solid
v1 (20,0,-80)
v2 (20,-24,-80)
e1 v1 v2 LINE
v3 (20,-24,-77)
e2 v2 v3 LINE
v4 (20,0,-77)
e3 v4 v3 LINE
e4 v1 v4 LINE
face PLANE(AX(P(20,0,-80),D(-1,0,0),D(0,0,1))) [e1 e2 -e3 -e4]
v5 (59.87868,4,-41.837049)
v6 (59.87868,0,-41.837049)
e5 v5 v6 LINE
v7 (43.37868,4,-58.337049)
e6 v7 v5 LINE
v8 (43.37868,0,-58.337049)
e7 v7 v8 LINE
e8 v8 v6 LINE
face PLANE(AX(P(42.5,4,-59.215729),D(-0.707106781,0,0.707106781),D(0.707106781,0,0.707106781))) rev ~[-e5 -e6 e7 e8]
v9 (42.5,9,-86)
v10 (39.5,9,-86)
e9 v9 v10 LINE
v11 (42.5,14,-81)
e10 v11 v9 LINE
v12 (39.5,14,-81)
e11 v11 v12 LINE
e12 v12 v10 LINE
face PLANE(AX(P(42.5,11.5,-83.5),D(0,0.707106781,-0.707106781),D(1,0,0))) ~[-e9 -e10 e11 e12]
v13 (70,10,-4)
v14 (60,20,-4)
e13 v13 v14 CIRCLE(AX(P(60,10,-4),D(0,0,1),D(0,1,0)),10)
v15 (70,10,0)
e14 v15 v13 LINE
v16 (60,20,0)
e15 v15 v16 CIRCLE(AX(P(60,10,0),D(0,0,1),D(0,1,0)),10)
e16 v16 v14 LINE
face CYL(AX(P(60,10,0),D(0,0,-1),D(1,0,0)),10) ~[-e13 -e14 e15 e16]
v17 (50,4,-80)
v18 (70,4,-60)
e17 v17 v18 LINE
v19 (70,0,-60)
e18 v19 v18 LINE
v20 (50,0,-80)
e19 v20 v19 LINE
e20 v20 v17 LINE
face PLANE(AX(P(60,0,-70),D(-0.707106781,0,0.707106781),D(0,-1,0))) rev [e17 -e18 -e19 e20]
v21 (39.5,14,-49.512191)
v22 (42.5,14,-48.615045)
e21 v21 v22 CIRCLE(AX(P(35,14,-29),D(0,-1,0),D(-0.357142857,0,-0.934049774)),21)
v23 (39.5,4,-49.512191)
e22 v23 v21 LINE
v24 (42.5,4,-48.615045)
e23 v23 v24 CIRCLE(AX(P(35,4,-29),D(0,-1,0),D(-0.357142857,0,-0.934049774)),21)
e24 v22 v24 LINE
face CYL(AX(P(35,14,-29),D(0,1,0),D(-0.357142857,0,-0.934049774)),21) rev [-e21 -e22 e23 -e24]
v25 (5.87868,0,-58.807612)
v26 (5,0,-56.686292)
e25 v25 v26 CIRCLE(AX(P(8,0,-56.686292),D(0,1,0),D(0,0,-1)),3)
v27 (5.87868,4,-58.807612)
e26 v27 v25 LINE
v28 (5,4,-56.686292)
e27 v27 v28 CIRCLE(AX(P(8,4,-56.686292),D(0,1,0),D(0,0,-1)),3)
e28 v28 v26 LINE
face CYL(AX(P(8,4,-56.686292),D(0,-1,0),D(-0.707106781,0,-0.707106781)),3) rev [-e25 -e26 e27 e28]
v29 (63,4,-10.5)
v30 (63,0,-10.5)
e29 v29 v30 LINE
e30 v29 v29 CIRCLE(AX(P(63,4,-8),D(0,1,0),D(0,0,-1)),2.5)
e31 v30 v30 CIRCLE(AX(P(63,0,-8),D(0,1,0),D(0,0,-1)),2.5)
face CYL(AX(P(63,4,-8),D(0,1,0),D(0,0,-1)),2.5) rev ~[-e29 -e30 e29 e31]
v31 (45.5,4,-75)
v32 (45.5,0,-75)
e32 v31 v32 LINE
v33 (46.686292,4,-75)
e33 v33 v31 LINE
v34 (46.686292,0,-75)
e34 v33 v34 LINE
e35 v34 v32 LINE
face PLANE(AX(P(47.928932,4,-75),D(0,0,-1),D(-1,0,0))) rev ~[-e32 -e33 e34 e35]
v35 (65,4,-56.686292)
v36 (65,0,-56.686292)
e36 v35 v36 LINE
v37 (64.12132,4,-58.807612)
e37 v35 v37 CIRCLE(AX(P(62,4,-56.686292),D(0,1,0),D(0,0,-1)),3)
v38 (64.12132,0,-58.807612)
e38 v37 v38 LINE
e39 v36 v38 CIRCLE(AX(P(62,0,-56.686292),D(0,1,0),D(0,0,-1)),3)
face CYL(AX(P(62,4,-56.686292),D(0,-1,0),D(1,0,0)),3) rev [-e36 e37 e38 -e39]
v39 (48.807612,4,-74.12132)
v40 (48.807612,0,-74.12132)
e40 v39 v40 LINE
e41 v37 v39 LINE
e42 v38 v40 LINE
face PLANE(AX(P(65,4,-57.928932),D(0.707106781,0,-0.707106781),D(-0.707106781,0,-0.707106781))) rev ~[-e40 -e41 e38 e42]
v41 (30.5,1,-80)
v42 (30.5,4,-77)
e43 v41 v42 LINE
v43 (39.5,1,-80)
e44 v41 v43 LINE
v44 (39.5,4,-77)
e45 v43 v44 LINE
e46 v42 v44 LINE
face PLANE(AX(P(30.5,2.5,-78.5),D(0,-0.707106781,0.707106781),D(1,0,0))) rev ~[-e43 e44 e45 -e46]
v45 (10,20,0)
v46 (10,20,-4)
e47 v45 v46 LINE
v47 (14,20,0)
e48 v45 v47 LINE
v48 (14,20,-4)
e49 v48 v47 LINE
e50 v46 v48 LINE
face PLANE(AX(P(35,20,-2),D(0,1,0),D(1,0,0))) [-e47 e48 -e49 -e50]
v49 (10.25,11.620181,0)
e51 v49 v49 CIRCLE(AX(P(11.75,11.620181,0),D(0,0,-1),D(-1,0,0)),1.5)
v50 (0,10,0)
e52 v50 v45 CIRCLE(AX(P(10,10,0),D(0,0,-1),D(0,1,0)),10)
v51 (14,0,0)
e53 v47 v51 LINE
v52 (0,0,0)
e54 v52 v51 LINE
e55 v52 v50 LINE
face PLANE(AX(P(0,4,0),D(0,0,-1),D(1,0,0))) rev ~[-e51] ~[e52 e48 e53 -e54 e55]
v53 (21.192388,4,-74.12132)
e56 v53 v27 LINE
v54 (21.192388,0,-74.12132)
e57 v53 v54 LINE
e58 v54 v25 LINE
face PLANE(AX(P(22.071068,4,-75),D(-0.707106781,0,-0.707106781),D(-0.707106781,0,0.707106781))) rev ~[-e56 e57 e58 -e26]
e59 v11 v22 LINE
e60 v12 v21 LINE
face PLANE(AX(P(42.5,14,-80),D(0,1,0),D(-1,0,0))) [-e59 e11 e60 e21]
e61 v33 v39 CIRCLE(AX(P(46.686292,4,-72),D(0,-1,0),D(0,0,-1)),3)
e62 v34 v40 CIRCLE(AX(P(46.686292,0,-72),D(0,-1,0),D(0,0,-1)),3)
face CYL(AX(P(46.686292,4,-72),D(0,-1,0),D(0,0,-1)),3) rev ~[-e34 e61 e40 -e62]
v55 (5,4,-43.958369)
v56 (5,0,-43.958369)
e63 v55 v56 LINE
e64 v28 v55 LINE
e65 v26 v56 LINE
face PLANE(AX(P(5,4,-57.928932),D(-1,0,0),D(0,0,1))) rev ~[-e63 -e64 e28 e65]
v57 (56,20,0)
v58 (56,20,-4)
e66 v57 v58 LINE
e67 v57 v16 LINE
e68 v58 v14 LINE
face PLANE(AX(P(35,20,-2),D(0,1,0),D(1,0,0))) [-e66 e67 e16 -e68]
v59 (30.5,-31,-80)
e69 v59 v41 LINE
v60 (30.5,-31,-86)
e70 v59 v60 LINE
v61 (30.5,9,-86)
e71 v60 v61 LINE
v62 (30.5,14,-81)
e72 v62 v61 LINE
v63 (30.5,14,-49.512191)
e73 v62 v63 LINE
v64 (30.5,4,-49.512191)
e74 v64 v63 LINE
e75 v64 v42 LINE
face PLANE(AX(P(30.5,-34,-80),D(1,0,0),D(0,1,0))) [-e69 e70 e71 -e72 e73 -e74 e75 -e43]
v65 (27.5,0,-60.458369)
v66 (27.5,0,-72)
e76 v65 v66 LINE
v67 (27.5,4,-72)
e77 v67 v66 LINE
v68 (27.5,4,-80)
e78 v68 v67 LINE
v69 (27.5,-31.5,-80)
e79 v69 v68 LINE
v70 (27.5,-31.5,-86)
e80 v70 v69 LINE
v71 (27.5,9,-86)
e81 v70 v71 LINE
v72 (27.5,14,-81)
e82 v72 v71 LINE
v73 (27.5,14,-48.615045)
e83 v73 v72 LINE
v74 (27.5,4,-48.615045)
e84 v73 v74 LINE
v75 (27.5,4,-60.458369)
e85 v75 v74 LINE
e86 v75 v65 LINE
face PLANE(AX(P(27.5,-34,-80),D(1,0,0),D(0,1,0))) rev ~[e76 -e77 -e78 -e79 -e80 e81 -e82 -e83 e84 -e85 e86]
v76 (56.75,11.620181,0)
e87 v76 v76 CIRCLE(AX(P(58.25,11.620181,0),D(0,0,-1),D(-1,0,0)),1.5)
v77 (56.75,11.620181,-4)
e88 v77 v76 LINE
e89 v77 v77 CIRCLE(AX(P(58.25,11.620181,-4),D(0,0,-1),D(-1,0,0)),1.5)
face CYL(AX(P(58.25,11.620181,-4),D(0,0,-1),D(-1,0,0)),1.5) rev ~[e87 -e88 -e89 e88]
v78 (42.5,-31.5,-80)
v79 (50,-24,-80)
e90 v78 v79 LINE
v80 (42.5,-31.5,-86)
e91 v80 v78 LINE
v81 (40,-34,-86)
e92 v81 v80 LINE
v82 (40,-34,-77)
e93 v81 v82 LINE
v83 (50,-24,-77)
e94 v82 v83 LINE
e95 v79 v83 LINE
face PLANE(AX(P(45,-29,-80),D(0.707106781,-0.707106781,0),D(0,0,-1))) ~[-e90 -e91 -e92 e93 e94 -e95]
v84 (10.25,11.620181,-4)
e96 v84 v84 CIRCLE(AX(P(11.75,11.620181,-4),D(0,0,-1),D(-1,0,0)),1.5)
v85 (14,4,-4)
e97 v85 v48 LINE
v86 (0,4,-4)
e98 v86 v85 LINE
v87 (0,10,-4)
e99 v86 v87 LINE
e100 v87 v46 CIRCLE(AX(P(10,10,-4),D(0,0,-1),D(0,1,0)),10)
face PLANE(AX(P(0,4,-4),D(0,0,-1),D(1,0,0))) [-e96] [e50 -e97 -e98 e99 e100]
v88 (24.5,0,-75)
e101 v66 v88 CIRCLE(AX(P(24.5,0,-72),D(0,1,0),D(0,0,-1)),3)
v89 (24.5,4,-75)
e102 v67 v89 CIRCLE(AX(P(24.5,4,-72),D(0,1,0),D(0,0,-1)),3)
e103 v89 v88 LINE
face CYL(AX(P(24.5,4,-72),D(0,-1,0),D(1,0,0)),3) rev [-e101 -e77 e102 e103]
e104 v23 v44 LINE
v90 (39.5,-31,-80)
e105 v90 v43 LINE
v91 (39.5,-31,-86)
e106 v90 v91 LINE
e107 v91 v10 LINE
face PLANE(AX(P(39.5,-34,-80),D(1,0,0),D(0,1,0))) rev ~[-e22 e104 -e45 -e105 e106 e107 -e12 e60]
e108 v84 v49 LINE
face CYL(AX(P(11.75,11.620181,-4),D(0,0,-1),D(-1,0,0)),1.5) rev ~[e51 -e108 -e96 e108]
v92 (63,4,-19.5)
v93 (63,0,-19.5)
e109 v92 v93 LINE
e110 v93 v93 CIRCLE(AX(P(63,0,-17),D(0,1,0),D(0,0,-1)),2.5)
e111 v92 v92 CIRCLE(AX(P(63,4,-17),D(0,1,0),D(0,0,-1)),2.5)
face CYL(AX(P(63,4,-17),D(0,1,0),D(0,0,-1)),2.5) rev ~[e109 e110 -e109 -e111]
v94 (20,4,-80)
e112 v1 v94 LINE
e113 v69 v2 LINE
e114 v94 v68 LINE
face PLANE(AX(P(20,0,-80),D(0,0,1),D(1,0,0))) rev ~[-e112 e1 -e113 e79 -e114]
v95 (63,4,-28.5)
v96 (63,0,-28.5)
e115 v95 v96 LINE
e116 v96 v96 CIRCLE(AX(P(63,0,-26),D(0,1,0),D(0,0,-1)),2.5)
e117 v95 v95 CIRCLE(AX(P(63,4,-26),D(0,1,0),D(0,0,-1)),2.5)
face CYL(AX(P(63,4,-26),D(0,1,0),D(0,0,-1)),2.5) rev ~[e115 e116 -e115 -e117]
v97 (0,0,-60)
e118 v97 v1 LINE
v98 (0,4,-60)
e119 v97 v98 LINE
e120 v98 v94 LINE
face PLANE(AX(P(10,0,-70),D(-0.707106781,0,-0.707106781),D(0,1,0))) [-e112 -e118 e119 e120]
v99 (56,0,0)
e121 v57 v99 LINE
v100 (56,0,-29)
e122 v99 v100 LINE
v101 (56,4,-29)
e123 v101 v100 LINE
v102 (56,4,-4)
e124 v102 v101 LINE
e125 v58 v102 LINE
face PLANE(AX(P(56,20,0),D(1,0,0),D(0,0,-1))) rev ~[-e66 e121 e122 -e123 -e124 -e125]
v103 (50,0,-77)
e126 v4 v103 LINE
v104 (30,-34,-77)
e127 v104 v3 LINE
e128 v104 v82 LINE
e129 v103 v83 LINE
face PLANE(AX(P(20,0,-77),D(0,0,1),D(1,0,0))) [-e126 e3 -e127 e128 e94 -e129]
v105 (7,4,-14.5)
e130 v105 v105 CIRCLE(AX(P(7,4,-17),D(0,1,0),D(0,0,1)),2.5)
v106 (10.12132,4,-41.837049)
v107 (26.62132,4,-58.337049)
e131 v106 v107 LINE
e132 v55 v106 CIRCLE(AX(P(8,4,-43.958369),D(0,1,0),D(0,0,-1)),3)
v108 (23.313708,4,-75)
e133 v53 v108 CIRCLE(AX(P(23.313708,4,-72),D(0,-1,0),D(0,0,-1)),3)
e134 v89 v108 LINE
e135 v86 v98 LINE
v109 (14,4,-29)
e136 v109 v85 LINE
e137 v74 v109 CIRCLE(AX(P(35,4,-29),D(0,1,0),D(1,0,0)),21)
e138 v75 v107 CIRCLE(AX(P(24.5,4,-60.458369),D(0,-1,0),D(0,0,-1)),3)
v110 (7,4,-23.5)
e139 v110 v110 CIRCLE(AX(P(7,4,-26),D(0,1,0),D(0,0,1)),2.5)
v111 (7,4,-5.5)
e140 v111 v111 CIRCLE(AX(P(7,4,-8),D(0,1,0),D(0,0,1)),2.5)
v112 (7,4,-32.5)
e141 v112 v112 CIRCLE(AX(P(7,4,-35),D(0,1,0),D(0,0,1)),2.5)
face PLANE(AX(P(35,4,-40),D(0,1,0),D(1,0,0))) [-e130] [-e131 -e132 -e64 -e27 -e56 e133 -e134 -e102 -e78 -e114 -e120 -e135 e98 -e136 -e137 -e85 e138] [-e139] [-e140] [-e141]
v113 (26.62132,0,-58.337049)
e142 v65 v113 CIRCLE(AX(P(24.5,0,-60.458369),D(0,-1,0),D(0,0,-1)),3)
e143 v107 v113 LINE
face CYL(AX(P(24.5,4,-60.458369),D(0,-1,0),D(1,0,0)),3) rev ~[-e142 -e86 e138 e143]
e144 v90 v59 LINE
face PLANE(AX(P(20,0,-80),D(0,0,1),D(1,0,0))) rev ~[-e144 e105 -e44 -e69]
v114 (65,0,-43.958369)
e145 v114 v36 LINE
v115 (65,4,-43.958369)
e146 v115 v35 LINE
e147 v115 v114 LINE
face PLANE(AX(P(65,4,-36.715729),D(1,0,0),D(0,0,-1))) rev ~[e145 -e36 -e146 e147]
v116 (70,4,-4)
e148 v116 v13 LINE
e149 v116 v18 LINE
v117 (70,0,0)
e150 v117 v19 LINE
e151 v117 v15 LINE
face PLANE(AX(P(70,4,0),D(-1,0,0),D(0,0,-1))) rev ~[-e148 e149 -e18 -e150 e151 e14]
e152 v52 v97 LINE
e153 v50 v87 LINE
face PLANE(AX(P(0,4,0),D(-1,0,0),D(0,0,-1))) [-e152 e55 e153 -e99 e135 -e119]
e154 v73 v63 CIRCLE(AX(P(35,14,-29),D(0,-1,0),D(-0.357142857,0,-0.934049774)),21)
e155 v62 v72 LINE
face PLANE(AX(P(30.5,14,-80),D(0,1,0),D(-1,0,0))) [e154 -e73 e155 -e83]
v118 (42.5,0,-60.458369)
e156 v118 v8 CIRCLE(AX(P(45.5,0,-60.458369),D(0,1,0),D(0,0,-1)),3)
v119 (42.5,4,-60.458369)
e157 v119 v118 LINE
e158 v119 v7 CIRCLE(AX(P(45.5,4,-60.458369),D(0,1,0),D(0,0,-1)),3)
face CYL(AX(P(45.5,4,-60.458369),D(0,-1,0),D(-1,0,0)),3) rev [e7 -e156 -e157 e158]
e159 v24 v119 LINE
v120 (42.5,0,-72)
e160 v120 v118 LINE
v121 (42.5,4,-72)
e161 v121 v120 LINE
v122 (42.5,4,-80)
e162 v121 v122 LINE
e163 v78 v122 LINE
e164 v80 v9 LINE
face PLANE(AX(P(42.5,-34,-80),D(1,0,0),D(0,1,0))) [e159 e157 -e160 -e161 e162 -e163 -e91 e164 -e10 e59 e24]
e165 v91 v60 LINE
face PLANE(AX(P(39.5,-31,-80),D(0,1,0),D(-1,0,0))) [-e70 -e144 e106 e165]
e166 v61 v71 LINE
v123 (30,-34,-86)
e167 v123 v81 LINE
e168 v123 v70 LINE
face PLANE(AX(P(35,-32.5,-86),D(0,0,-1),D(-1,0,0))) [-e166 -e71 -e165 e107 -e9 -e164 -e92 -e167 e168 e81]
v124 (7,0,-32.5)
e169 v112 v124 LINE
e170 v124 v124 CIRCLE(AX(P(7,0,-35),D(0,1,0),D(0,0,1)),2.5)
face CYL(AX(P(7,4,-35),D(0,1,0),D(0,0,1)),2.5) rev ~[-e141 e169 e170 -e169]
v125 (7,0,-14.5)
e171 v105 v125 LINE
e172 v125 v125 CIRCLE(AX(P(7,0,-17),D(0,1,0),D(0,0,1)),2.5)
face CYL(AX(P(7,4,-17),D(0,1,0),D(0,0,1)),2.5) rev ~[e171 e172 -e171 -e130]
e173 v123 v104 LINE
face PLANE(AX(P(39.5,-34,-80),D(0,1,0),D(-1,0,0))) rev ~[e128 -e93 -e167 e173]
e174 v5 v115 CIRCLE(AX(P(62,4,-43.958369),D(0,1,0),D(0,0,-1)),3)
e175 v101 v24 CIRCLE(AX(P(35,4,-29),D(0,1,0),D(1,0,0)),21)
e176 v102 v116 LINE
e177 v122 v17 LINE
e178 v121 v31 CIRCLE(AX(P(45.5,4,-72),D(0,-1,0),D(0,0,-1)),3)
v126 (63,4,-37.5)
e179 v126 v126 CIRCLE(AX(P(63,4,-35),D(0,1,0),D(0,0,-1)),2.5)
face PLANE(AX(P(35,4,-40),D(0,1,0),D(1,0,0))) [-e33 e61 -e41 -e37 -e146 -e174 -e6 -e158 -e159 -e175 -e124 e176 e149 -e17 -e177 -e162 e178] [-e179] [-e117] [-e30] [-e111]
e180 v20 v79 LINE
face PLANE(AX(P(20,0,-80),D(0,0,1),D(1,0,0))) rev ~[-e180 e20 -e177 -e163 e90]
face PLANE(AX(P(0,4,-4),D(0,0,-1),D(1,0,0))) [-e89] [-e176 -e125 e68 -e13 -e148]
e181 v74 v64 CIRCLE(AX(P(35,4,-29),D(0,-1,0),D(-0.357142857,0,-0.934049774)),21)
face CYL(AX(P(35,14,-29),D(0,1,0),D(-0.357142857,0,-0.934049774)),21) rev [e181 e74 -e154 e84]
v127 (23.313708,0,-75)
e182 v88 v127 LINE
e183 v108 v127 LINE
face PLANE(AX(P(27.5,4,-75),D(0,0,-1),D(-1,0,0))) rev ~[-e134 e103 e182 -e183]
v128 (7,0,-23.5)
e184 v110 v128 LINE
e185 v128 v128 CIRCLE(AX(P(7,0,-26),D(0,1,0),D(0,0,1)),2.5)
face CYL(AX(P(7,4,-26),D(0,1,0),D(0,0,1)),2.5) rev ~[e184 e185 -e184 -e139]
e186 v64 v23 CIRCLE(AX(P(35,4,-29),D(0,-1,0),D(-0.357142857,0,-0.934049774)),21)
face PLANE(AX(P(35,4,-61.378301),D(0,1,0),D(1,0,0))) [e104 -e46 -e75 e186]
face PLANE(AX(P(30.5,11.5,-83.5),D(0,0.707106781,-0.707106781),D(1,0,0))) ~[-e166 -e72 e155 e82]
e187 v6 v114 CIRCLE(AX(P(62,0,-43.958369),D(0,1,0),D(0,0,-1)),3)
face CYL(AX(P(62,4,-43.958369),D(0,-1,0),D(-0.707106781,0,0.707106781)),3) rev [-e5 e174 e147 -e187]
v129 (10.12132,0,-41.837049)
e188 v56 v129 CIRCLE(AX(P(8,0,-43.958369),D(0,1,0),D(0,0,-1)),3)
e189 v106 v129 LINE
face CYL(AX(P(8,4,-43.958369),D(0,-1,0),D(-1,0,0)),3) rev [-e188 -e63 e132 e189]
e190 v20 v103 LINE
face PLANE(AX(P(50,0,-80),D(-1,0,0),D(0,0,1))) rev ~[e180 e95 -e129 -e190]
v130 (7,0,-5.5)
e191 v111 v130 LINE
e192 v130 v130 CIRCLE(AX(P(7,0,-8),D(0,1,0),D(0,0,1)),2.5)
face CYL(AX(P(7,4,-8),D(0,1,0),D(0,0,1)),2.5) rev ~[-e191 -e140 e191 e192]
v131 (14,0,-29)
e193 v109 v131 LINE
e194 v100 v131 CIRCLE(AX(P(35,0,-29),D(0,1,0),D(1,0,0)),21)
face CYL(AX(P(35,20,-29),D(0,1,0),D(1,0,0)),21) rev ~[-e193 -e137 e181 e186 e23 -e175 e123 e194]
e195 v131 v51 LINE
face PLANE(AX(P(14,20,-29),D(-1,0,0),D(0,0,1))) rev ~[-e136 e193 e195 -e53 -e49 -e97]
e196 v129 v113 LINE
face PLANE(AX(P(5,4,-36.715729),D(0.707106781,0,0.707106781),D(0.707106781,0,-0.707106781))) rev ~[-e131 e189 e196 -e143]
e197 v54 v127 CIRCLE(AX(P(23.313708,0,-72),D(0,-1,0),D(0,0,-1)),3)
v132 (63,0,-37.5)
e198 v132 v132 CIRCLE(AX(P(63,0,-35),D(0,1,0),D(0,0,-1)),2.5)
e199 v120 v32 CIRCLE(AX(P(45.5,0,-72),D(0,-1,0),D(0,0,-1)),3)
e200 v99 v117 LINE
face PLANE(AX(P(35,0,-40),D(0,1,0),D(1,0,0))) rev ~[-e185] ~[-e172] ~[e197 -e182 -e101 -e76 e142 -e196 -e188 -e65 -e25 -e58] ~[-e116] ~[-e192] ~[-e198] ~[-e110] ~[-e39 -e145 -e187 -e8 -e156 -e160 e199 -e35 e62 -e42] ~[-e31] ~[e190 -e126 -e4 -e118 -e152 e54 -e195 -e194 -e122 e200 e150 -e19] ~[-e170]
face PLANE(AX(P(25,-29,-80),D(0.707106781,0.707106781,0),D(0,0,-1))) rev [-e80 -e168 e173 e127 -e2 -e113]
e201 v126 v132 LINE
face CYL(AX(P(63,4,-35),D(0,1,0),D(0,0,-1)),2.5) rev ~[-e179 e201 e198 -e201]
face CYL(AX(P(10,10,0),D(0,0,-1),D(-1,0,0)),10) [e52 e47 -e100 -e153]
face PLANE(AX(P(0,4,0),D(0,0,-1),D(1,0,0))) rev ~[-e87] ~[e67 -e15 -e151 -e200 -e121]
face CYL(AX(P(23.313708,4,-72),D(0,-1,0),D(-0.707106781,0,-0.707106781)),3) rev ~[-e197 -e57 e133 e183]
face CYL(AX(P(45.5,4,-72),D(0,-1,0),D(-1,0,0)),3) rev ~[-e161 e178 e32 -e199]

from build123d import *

# Parameters (mm, degrees)
SKETCH_1_W          = 70
SKETCH_1_H          = 80
EXTRUDE_1_DEPTH     = 4
SKETCH_2_W          = 70
SKETCH_2_H          = 4
EXTRUDE_2_DEPTH     = 16
CUT_EXTRUDE_1_DEPTH = 109.166538264
CHAMFER_1_SIZE      = 20
SKETCH_8_W          = 30
SKETCH_8_H          = 3
EXTRUDE_4_DEPTH     = 34
EXTRUDE_START       = 10
EXTRUDE_6_DEPTH     = 10
SKETCH_11_W         = 9
SKETCH_11_H         = 37.243398564
CUT_EXTRUDE_2_DEPTH = 10
CHAMFER_2_SIZE      = 3
SKETCH_12_W         = 3
SKETCH_12_H         = 48
EXTRUDE_7_DEPTH     = 6
CHAMFER_3_SIZE      = 5
SKETCH_13_W         = 9
SKETCH_13_H         = 3
EXTRUDE_8_DEPTH     = 6
CHAMFER_4_SIZE      = 10
CUT_EXTRUDE_3_DEPTH = 4
FILLET_3_R          = 3
SKETCH_15_R         = 2.5
CUT_EXTRUDE_4_DEPTH = 4
FILLET_4_R          = 10
SKETCH_16_R         = 1.5
CUT_EXTRUDE_5_DEPTH = 4


with BuildPart() as part:
    # 草图1 → 凸台-拉伸1 (new body)
    with BuildSketch(Plane(origin=(0, 0, 0), x_dir=(1, 0, 0), z_dir=(0, 1, 0))):
        with Locations((35, 40)):
            Rectangle(SKETCH_1_W, SKETCH_1_H)
    extrude(amount=EXTRUDE_1_DEPTH)

    # 草图2 → 凸台-拉伸2 (add)
    with BuildSketch(Plane(origin=(0, 4, 0), x_dir=(1, 0, 0), z_dir=(0, 1, 0))):
        with Locations((35, 2)):
            Rectangle(SKETCH_2_W, SKETCH_2_H)
    extrude(amount=EXTRUDE_2_DEPTH)

    # 草图4 → 切除-拉伸1 (cut, through all)
    with BuildSketch(Plane(origin=(0, 20, 0), x_dir=(1, 0, 0), z_dir=(0, 1, 0))):
        with BuildLine():
            Line((14, 29), (14, 0))
            Line((14, 0), (56, 0))
            Line((56, 0), (56, 29))
            ThreePointArc((56, 29), (35, 50), (14, 29))
        make_face()
    extrude(amount=-CUT_EXTRUDE_1_DEPTH, mode=Mode.SUBTRACT)

    # 倒角1
    chamfer_1_edges = [part.edges().sort_by_distance(p)[0] for p in [
        (0, 2, -80),
        (70, 2, -80),
    ]]
    chamfer(chamfer_1_edges, length=CHAMFER_1_SIZE)

    # 草图8 → 凸台-拉伸4 (add)
    with BuildSketch(Plane.XZ):
        with Locations((35, -78.5)):
            Rectangle(SKETCH_8_W, SKETCH_8_H)
    extrude(amount=EXTRUDE_4_DEPTH)

    # 草图10 → 凸台-拉伸6 (add)
    with BuildSketch(Plane(origin=(0, 4, 0), x_dir=(1, 0, 0), z_dir=(0, 1, 0)).offset(EXTRUDE_START)):
        with BuildLine():
            Line((42.5, 48.615045246), (42.5, 80))
            Line((42.5, 80), (27.5, 80))
            Line((27.5, 80), (27.5, 48.615045246))
            ThreePointArc((27.5, 48.615045246), (35, 50), (42.5, 48.615045246))
        make_face()
    extrude(amount=-EXTRUDE_6_DEPTH)

    # 草图11 → 切除-拉伸2 (cut)
    with BuildSketch(Plane(origin=(0, 14, 0), x_dir=(1, 0, 0), z_dir=(0, 1, 0))):
        with Locations((35, 61.378300718)):
            Rectangle(SKETCH_11_W, SKETCH_11_H)
    extrude(amount=-CUT_EXTRUDE_2_DEPTH, mode=Mode.SUBTRACT)

    # 倒角2
    chamfer_2_edges = [part.edges().sort_by_distance(p)[0] for p in [
        (35, 4, -80),
    ]]
    chamfer(chamfer_2_edges, length=CHAMFER_2_SIZE)

    # 草图12 → 凸台-拉伸7 (add)
    with BuildSketch(Plane(origin=(0, 0, -80), x_dir=(-1, 0, 0), z_dir=(0, 0, -1))):
        with Locations((-41, -10)):
            Rectangle(SKETCH_12_W, SKETCH_12_H)
        with Locations((-29, -10)):
            Rectangle(SKETCH_12_W, SKETCH_12_H)
    extrude(amount=EXTRUDE_7_DEPTH)

    # 倒角3
    chamfer_3_edges = [part.edges().sort_by_distance(p)[0] for p in [
        (41, 14, -86),
        (29, 14, -86),
    ]]
    chamfer(chamfer_3_edges, length=CHAMFER_3_SIZE)

    # 草图13 → 凸台-拉伸8 (add)
    with BuildSketch(Plane(origin=(0, 0, -80), x_dir=(-1, 0, 0), z_dir=(0, 0, -1))):
        with Locations((-35, -32.5)):
            Rectangle(SKETCH_13_W, SKETCH_13_H)
    extrude(amount=EXTRUDE_8_DEPTH)

    # 倒角4
    chamfer_4_edges = [part.edges().sort_by_distance(p)[0] for p in [
        (50, -34, -78.5),
        (20, -34, -78.5),
    ]]
    chamfer(chamfer_4_edges, length=CHAMFER_4_SIZE)

    # 草图14 → 切除-拉伸3 (cut)
    with BuildSketch(Plane(origin=(0, 4, 0), x_dir=(1, 0, 0), z_dir=(0, 1, 0))):
        Polygon((22.071067812, 75), (5, 57.928932188), (5, 36.715728753), (27.5, 59.215728753), (27.5, 75), align=None)
        Polygon((47.928932188, 75), (42.5, 75), (42.5, 59.215728753), (65, 36.715728753), (65, 57.928932188), align=None)
    extrude(amount=-CUT_EXTRUDE_3_DEPTH, mode=Mode.SUBTRACT)

    # 圆角3
    fillet_3_edges = [part.edges().sort_by_distance(p)[0] for p in [
        (47.928932188, 2, -75),
        (65, 2, -57.928932188),
        (65, 2, -36.715728753),
        (42.5, 2, -59.215728753),
        (42.5, 2, -75),
        (5, 2, -36.715728753),
        (5, 2, -57.928932188),
        (22.071067812, 2, -75),
        (27.5, 2, -75),
        (27.5, 2, -59.215728753),
    ]]
    fillet(fillet_3_edges, radius=FILLET_3_R)

    # 草图15 → 切除-拉伸4 (cut)
    with BuildSketch(Plane(origin=(0, 4, 0), x_dir=(1, 0, 0), z_dir=(0, 1, 0))):
        with Locations(Location((7, 8, 0), (0, 0, 270))):
            Circle(SKETCH_15_R)
        with Locations(Location((7, 17, 0), (0, 0, 270))):
            Circle(SKETCH_15_R)
        with Locations(Location((7, 26, 0), (0, 0, 270))):
            Circle(SKETCH_15_R)
        with Locations(Location((7, 35, 0), (0, 0, 270))):
            Circle(SKETCH_15_R)
        with Locations(Location((63, 35, 0), (0, 0, 90))):
            Circle(SKETCH_15_R)
        with Locations(Location((63, 26, 0), (0, 0, 90))):
            Circle(SKETCH_15_R)
        with Locations(Location((63, 17, 0), (0, 0, 90))):
            Circle(SKETCH_15_R)
        with Locations(Location((63, 8, 0), (0, 0, 90))):
            Circle(SKETCH_15_R)
    extrude(amount=-CUT_EXTRUDE_4_DEPTH, mode=Mode.SUBTRACT)

    # 圆角4
    fillet_4_edges = [part.edges().sort_by_distance(p)[0] for p in [
        (0, 20, -2),
        (70, 20, -2),
    ]]
    fillet(fillet_4_edges, radius=FILLET_4_R)

    # 草图16 → 切除-拉伸5 (cut)
    with BuildSketch(Plane(origin=(-162.95666402, 61.923916545, -4), x_dir=(-0.1273989198368121, 0.9918515590673908, 0), z_dir=(0, 0, -1))):
        with Locations(Location((-72.151278538, 166.87443555, 0), (0, 0, 277.319311568))):
            Circle(SKETCH_16_R)
        with Locations(Location((-78.075328311, 212.995533047, 0), (0, 0, 277.319311568))):
            Circle(SKETCH_16_R)
    extrude(amount=-CUT_EXTRUDE_5_DEPTH, mode=Mode.SUBTRACT)


solid = part.part
